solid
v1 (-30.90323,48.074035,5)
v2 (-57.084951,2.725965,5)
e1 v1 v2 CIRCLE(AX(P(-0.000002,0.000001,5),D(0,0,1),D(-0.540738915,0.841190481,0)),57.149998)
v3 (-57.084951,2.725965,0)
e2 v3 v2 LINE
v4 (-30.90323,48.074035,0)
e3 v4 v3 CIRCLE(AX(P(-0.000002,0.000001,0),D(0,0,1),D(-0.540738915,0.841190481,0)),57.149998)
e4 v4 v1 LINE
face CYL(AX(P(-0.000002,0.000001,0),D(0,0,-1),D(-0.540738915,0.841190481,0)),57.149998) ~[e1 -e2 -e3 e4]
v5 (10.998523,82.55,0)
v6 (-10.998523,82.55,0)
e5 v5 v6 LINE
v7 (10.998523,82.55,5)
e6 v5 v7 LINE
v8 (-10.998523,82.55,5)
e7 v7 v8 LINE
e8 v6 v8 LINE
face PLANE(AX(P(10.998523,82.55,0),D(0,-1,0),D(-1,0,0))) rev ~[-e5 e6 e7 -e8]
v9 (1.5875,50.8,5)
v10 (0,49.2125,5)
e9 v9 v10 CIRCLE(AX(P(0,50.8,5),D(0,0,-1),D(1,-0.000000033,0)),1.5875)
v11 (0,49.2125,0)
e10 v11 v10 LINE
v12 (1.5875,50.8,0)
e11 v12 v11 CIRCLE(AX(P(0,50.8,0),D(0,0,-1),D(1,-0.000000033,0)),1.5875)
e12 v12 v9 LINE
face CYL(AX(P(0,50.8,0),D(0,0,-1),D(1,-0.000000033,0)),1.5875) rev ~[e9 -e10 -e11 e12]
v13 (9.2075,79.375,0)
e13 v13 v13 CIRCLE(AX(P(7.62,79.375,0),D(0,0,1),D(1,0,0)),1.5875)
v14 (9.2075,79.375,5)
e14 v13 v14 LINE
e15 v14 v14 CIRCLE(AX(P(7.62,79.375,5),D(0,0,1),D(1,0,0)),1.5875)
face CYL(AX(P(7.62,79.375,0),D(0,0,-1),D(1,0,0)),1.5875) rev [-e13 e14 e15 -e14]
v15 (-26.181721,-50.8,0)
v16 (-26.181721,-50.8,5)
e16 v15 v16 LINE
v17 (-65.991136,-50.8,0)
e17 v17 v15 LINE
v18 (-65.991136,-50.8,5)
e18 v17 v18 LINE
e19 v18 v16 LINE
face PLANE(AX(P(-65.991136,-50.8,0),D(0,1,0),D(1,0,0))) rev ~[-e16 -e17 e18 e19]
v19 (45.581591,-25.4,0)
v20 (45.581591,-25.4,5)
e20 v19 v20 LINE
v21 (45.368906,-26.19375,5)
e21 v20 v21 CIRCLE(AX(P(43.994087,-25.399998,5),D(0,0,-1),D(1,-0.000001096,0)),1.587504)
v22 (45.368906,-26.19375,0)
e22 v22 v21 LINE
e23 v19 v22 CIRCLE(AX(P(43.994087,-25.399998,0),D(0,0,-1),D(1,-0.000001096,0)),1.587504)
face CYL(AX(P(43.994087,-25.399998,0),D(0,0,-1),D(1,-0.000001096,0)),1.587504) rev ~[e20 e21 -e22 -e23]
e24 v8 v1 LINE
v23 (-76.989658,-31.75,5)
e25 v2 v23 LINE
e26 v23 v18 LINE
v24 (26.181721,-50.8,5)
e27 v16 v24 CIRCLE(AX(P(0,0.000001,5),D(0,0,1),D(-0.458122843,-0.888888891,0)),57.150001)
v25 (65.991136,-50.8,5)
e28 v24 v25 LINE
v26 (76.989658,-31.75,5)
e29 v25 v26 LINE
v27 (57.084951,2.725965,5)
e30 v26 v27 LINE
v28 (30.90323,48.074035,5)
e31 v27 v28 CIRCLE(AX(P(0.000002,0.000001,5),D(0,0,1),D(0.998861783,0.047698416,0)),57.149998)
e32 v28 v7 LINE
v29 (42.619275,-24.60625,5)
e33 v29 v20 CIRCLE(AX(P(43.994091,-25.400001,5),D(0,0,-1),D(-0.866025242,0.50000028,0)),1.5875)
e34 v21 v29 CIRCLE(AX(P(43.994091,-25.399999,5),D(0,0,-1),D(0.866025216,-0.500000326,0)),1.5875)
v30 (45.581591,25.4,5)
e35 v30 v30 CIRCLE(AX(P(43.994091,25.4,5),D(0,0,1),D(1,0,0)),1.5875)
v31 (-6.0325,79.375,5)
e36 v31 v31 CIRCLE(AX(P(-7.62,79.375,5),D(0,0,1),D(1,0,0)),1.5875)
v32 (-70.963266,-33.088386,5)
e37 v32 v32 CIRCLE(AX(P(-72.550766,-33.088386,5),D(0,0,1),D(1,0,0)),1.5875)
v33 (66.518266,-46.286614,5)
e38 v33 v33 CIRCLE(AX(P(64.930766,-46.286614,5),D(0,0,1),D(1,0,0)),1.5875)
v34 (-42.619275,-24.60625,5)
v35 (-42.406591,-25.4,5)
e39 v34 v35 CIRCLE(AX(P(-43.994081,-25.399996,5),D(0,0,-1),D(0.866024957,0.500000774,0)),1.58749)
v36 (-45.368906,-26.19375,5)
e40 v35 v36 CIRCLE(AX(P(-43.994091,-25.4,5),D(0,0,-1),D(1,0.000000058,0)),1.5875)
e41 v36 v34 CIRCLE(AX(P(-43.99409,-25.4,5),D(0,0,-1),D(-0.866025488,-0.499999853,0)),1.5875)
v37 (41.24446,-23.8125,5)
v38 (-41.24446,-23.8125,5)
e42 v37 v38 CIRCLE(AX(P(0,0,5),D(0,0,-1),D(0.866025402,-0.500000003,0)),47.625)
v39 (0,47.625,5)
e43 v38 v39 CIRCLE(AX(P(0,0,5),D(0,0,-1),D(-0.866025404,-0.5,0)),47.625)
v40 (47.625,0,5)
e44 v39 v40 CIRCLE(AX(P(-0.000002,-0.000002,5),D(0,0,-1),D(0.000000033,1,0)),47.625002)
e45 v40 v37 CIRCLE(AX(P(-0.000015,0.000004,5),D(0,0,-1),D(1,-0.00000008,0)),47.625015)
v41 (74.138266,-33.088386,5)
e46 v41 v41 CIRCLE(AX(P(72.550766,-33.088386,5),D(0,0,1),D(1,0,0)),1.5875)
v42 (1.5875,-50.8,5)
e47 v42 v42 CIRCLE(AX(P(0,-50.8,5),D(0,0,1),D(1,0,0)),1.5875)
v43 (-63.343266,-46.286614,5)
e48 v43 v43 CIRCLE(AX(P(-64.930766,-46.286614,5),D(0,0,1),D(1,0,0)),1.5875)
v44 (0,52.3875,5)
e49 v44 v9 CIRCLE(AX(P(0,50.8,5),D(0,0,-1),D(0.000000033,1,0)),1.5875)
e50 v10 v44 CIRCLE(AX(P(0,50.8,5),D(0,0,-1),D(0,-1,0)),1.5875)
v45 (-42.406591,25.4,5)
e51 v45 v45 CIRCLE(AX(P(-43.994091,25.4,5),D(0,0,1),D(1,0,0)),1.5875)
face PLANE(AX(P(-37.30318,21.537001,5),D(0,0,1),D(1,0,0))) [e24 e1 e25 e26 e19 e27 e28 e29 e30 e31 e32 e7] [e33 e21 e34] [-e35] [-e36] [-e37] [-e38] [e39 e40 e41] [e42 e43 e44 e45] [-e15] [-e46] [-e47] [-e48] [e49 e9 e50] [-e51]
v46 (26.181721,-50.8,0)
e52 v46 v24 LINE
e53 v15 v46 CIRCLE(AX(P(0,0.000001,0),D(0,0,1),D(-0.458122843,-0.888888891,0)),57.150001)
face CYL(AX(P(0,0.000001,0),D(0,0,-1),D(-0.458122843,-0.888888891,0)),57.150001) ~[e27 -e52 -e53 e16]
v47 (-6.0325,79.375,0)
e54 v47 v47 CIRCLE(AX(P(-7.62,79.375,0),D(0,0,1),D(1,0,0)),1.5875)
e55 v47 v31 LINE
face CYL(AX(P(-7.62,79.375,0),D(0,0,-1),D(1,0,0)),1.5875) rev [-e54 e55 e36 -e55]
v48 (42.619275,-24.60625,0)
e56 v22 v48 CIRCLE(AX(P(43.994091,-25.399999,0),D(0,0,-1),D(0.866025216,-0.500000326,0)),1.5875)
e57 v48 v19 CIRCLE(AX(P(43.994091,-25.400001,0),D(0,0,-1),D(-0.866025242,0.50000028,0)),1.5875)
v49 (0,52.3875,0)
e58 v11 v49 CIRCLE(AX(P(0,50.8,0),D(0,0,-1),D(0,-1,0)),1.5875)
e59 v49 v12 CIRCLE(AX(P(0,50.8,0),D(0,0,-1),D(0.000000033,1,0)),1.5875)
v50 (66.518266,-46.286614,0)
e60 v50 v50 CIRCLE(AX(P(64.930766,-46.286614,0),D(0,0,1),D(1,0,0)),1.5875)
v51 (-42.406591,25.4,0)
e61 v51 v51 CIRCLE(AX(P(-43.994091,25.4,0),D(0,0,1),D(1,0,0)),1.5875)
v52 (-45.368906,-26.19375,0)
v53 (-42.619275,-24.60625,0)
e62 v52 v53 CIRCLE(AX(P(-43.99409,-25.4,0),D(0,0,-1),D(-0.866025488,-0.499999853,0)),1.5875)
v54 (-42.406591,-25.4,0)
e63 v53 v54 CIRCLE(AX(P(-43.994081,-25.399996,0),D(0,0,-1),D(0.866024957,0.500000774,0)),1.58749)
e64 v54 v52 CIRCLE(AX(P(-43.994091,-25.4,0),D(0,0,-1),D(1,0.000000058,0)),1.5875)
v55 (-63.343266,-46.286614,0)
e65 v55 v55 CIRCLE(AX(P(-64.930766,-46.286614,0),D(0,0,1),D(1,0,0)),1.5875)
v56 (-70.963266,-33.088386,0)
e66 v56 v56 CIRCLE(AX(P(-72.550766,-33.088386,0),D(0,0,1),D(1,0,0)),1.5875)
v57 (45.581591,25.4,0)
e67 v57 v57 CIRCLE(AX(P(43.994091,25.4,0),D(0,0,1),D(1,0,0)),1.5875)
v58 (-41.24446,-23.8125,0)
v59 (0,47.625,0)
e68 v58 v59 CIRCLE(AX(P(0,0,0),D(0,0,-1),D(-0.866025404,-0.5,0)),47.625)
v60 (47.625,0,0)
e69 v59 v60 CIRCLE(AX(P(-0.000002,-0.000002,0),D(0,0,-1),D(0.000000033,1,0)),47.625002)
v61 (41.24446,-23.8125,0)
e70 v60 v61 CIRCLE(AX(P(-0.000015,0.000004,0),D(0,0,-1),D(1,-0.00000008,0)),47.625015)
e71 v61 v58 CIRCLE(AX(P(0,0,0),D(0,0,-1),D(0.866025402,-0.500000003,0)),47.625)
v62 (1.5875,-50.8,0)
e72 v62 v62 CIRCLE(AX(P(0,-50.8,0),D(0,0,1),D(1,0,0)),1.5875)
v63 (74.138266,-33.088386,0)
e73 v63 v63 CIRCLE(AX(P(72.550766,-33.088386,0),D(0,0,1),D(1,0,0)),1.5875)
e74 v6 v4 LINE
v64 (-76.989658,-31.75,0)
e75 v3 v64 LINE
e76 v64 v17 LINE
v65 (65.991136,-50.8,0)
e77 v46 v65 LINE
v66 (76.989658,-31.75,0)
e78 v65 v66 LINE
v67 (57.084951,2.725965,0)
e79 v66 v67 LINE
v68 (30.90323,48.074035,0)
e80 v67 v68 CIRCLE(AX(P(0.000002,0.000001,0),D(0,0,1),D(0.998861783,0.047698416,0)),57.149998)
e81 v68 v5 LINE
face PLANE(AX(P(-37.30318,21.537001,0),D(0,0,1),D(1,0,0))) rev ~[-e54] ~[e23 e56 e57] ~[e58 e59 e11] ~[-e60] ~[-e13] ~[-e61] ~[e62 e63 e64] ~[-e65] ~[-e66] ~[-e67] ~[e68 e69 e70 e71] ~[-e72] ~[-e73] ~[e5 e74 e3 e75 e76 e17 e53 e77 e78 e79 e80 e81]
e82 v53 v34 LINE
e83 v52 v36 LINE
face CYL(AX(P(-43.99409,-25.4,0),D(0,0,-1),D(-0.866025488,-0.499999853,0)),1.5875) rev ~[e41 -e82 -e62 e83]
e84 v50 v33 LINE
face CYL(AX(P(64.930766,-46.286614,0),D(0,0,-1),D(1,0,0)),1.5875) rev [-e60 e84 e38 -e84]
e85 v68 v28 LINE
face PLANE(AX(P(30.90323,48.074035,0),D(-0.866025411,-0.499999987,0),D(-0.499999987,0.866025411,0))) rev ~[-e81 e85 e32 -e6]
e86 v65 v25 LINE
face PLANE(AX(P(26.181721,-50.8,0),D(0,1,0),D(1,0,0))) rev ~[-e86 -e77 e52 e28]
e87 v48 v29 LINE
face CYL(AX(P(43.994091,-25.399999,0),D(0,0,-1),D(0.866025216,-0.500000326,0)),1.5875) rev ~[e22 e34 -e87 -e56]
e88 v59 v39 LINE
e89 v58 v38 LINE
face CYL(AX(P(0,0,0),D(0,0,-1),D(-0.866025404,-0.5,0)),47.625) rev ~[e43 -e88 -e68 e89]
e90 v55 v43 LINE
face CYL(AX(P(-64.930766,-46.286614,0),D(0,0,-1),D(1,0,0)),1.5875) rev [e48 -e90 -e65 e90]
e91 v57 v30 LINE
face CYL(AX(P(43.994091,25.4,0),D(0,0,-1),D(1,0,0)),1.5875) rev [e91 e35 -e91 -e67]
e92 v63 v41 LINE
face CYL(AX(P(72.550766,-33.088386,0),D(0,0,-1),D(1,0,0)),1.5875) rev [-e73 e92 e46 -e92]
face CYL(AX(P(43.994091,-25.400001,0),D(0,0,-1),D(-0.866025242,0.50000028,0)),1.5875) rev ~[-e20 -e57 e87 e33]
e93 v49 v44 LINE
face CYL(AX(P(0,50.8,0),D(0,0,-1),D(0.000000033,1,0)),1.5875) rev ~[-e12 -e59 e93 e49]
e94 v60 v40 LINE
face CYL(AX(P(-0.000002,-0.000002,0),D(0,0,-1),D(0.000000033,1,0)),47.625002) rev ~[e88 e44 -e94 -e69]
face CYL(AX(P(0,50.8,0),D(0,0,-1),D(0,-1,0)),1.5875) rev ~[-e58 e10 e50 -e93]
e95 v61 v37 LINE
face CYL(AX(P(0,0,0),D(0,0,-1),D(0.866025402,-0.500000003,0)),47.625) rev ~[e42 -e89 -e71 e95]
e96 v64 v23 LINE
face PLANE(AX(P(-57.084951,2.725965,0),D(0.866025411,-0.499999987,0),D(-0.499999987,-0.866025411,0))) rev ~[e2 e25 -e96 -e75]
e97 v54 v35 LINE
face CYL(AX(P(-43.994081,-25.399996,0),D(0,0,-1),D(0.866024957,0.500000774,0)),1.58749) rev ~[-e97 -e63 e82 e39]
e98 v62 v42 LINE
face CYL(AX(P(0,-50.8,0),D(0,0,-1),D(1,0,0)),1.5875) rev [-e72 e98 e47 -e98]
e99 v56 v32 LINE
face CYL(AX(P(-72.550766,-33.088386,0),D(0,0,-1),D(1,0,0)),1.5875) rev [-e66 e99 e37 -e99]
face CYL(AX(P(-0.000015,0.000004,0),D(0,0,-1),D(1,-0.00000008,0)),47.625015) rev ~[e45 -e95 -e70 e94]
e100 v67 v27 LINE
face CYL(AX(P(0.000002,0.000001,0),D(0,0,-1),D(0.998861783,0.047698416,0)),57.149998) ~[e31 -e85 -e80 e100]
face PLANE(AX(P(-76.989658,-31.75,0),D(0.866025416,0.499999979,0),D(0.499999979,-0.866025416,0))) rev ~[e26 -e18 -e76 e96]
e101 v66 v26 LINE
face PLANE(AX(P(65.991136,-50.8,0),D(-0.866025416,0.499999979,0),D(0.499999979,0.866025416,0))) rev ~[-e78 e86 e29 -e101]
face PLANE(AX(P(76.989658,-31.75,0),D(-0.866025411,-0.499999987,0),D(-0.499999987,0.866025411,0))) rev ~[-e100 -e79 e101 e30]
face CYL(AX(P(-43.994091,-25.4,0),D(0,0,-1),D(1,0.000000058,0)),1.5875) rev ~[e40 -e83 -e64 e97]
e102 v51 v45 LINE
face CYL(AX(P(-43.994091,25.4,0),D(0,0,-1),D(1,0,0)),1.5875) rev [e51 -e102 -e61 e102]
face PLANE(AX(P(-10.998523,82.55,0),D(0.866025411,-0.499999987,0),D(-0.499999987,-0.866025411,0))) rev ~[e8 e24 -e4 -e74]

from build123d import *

# Parameters (mm, degrees)
F0_R     = 1.5875
F1_DEPTH = 5


with BuildPart() as f1:
    # F0 (on Top) → F1 (new body)
    with BuildSketch(Plane.XY):
        with BuildLine():
            Line((0, 52.3875), (0, 82.55))
            Line((0, 82.55), (-10.998523, 82.55))
            Line((-10.998523, 82.55), (-30.90323, 48.074035))
            ThreePointArc((-30.90323, 48.074035), (-49.493352, 28.575), (-57.084951, 2.725965))
            Line((-57.084951, 2.725965), (-76.989658, -31.75))
            Line((-76.989658, -31.75), (-71.490397, -41.275))
            Line((-71.490397, -41.275), (-45.368906, -26.19375))
            ThreePointArc((-45.368906, -26.19375), (-44.787841, -24.025185), (-42.619275, -24.60625))
            Line((-42.619275, -24.60625), (-41.24446, -23.8125))
            ThreePointArc((-41.24446, -23.8125), (-41.24446, 23.8125), (0, 47.625))
            Line((0, 47.625), (0, 49.2125))
            ThreePointArc((0, 49.2125), (-1.5875, 50.8), (0, 52.3875))
        make_face()
        with Locations((-72.550766, -33.088386)):
            Circle(F0_R, mode=Mode.SUBTRACT)
        with Locations((-43.994091, 25.4)):
            Circle(F0_R, mode=Mode.SUBTRACT)
        with Locations((-7.62, 79.375)):
            Circle(F0_R, mode=Mode.SUBTRACT)
        with BuildLine():
            Line((30.90323, 48.074035), (10.998523, 82.55))
            Line((10.998523, 82.55), (0, 82.55))
            Line((0, 82.55), (0, 52.3875))
            ThreePointArc((0, 52.3875), (1.122532, 51.922532), (1.5875, 50.8))
            ThreePointArc((1.5875, 50.8), (1.122532, 49.677468), (0, 49.2125))
            Line((0, 49.2125), (0, 47.625))
            ThreePointArc((0, 47.625), (33.67596, 33.67596), (47.625, 0))
            ThreePointArc((47.625, 0), (46.002217, -12.326257), (41.24446, -23.8125))
            Line((41.24446, -23.8125), (42.619275, -24.60625))
            ThreePointArc((42.619275, -24.60625), (44.404966, -23.866593), (45.581591, -25.4))
            ThreePointArc((45.581591, -25.4), (45.527498, -25.810875), (45.368906, -26.19375))
            Line((45.368906, -26.19375), (71.490397, -41.275))
            Line((71.490397, -41.275), (76.989658, -31.75))
            Line((76.989658, -31.75), (57.084951, 2.725965))
            ThreePointArc((57.084951, 2.725965), (49.493352, 28.575), (30.90323, 48.074035))
        make_face()
        with Locations((72.550766, -33.088386)):
            Circle(F0_R, mode=Mode.SUBTRACT)
        with Locations((43.994091, 25.4)):
            Circle(F0_R, mode=Mode.SUBTRACT)
        with Locations((7.62, 79.375)):
            Circle(F0_R, mode=Mode.SUBTRACT)
        with BuildLine():
            Line((65.991136, -50.8), (71.490397, -41.275))
            Line((71.490397, -41.275), (45.368906, -26.19375))
            ThreePointArc((45.368906, -26.19375), (43.200341, -26.774815), (42.619275, -24.60625))
            Line((42.619275, -24.60625), (41.24446, -23.8125))
            ThreePointArc((41.24446, -23.8125), (0, -47.625), (-41.24446, -23.8125))
            Line((-41.24446, -23.8125), (-42.619275, -24.60625))
            ThreePointArc((-42.619275, -24.60625), (-42.460683, -24.989125), (-42.406591, -25.4))
            ThreePointArc((-42.406591, -25.4), (-43.583215, -26.933407), (-45.368906, -26.19375))
            Line((-45.368906, -26.19375), (-71.490397, -41.275))
            Line((-71.490397, -41.275), (-65.991136, -50.8))
            Line((-65.991136, -50.8), (-26.181721, -50.8))
            ThreePointArc((-26.181721, -50.8), (0, -57.15), (26.181721, -50.8))
            Line((26.181721, -50.8), (65.991136, -50.8))
        make_face()
        with Locations((-64.930766, -46.286614)):
            Circle(F0_R, mode=Mode.SUBTRACT)
        with Locations((0, -50.8)):
            Circle(F0_R, mode=Mode.SUBTRACT)
        with Locations((64.930766, -46.286614)):
            Circle(F0_R, mode=Mode.SUBTRACT)
    extrude(amount=F1_DEPTH)


solid = f1.part
